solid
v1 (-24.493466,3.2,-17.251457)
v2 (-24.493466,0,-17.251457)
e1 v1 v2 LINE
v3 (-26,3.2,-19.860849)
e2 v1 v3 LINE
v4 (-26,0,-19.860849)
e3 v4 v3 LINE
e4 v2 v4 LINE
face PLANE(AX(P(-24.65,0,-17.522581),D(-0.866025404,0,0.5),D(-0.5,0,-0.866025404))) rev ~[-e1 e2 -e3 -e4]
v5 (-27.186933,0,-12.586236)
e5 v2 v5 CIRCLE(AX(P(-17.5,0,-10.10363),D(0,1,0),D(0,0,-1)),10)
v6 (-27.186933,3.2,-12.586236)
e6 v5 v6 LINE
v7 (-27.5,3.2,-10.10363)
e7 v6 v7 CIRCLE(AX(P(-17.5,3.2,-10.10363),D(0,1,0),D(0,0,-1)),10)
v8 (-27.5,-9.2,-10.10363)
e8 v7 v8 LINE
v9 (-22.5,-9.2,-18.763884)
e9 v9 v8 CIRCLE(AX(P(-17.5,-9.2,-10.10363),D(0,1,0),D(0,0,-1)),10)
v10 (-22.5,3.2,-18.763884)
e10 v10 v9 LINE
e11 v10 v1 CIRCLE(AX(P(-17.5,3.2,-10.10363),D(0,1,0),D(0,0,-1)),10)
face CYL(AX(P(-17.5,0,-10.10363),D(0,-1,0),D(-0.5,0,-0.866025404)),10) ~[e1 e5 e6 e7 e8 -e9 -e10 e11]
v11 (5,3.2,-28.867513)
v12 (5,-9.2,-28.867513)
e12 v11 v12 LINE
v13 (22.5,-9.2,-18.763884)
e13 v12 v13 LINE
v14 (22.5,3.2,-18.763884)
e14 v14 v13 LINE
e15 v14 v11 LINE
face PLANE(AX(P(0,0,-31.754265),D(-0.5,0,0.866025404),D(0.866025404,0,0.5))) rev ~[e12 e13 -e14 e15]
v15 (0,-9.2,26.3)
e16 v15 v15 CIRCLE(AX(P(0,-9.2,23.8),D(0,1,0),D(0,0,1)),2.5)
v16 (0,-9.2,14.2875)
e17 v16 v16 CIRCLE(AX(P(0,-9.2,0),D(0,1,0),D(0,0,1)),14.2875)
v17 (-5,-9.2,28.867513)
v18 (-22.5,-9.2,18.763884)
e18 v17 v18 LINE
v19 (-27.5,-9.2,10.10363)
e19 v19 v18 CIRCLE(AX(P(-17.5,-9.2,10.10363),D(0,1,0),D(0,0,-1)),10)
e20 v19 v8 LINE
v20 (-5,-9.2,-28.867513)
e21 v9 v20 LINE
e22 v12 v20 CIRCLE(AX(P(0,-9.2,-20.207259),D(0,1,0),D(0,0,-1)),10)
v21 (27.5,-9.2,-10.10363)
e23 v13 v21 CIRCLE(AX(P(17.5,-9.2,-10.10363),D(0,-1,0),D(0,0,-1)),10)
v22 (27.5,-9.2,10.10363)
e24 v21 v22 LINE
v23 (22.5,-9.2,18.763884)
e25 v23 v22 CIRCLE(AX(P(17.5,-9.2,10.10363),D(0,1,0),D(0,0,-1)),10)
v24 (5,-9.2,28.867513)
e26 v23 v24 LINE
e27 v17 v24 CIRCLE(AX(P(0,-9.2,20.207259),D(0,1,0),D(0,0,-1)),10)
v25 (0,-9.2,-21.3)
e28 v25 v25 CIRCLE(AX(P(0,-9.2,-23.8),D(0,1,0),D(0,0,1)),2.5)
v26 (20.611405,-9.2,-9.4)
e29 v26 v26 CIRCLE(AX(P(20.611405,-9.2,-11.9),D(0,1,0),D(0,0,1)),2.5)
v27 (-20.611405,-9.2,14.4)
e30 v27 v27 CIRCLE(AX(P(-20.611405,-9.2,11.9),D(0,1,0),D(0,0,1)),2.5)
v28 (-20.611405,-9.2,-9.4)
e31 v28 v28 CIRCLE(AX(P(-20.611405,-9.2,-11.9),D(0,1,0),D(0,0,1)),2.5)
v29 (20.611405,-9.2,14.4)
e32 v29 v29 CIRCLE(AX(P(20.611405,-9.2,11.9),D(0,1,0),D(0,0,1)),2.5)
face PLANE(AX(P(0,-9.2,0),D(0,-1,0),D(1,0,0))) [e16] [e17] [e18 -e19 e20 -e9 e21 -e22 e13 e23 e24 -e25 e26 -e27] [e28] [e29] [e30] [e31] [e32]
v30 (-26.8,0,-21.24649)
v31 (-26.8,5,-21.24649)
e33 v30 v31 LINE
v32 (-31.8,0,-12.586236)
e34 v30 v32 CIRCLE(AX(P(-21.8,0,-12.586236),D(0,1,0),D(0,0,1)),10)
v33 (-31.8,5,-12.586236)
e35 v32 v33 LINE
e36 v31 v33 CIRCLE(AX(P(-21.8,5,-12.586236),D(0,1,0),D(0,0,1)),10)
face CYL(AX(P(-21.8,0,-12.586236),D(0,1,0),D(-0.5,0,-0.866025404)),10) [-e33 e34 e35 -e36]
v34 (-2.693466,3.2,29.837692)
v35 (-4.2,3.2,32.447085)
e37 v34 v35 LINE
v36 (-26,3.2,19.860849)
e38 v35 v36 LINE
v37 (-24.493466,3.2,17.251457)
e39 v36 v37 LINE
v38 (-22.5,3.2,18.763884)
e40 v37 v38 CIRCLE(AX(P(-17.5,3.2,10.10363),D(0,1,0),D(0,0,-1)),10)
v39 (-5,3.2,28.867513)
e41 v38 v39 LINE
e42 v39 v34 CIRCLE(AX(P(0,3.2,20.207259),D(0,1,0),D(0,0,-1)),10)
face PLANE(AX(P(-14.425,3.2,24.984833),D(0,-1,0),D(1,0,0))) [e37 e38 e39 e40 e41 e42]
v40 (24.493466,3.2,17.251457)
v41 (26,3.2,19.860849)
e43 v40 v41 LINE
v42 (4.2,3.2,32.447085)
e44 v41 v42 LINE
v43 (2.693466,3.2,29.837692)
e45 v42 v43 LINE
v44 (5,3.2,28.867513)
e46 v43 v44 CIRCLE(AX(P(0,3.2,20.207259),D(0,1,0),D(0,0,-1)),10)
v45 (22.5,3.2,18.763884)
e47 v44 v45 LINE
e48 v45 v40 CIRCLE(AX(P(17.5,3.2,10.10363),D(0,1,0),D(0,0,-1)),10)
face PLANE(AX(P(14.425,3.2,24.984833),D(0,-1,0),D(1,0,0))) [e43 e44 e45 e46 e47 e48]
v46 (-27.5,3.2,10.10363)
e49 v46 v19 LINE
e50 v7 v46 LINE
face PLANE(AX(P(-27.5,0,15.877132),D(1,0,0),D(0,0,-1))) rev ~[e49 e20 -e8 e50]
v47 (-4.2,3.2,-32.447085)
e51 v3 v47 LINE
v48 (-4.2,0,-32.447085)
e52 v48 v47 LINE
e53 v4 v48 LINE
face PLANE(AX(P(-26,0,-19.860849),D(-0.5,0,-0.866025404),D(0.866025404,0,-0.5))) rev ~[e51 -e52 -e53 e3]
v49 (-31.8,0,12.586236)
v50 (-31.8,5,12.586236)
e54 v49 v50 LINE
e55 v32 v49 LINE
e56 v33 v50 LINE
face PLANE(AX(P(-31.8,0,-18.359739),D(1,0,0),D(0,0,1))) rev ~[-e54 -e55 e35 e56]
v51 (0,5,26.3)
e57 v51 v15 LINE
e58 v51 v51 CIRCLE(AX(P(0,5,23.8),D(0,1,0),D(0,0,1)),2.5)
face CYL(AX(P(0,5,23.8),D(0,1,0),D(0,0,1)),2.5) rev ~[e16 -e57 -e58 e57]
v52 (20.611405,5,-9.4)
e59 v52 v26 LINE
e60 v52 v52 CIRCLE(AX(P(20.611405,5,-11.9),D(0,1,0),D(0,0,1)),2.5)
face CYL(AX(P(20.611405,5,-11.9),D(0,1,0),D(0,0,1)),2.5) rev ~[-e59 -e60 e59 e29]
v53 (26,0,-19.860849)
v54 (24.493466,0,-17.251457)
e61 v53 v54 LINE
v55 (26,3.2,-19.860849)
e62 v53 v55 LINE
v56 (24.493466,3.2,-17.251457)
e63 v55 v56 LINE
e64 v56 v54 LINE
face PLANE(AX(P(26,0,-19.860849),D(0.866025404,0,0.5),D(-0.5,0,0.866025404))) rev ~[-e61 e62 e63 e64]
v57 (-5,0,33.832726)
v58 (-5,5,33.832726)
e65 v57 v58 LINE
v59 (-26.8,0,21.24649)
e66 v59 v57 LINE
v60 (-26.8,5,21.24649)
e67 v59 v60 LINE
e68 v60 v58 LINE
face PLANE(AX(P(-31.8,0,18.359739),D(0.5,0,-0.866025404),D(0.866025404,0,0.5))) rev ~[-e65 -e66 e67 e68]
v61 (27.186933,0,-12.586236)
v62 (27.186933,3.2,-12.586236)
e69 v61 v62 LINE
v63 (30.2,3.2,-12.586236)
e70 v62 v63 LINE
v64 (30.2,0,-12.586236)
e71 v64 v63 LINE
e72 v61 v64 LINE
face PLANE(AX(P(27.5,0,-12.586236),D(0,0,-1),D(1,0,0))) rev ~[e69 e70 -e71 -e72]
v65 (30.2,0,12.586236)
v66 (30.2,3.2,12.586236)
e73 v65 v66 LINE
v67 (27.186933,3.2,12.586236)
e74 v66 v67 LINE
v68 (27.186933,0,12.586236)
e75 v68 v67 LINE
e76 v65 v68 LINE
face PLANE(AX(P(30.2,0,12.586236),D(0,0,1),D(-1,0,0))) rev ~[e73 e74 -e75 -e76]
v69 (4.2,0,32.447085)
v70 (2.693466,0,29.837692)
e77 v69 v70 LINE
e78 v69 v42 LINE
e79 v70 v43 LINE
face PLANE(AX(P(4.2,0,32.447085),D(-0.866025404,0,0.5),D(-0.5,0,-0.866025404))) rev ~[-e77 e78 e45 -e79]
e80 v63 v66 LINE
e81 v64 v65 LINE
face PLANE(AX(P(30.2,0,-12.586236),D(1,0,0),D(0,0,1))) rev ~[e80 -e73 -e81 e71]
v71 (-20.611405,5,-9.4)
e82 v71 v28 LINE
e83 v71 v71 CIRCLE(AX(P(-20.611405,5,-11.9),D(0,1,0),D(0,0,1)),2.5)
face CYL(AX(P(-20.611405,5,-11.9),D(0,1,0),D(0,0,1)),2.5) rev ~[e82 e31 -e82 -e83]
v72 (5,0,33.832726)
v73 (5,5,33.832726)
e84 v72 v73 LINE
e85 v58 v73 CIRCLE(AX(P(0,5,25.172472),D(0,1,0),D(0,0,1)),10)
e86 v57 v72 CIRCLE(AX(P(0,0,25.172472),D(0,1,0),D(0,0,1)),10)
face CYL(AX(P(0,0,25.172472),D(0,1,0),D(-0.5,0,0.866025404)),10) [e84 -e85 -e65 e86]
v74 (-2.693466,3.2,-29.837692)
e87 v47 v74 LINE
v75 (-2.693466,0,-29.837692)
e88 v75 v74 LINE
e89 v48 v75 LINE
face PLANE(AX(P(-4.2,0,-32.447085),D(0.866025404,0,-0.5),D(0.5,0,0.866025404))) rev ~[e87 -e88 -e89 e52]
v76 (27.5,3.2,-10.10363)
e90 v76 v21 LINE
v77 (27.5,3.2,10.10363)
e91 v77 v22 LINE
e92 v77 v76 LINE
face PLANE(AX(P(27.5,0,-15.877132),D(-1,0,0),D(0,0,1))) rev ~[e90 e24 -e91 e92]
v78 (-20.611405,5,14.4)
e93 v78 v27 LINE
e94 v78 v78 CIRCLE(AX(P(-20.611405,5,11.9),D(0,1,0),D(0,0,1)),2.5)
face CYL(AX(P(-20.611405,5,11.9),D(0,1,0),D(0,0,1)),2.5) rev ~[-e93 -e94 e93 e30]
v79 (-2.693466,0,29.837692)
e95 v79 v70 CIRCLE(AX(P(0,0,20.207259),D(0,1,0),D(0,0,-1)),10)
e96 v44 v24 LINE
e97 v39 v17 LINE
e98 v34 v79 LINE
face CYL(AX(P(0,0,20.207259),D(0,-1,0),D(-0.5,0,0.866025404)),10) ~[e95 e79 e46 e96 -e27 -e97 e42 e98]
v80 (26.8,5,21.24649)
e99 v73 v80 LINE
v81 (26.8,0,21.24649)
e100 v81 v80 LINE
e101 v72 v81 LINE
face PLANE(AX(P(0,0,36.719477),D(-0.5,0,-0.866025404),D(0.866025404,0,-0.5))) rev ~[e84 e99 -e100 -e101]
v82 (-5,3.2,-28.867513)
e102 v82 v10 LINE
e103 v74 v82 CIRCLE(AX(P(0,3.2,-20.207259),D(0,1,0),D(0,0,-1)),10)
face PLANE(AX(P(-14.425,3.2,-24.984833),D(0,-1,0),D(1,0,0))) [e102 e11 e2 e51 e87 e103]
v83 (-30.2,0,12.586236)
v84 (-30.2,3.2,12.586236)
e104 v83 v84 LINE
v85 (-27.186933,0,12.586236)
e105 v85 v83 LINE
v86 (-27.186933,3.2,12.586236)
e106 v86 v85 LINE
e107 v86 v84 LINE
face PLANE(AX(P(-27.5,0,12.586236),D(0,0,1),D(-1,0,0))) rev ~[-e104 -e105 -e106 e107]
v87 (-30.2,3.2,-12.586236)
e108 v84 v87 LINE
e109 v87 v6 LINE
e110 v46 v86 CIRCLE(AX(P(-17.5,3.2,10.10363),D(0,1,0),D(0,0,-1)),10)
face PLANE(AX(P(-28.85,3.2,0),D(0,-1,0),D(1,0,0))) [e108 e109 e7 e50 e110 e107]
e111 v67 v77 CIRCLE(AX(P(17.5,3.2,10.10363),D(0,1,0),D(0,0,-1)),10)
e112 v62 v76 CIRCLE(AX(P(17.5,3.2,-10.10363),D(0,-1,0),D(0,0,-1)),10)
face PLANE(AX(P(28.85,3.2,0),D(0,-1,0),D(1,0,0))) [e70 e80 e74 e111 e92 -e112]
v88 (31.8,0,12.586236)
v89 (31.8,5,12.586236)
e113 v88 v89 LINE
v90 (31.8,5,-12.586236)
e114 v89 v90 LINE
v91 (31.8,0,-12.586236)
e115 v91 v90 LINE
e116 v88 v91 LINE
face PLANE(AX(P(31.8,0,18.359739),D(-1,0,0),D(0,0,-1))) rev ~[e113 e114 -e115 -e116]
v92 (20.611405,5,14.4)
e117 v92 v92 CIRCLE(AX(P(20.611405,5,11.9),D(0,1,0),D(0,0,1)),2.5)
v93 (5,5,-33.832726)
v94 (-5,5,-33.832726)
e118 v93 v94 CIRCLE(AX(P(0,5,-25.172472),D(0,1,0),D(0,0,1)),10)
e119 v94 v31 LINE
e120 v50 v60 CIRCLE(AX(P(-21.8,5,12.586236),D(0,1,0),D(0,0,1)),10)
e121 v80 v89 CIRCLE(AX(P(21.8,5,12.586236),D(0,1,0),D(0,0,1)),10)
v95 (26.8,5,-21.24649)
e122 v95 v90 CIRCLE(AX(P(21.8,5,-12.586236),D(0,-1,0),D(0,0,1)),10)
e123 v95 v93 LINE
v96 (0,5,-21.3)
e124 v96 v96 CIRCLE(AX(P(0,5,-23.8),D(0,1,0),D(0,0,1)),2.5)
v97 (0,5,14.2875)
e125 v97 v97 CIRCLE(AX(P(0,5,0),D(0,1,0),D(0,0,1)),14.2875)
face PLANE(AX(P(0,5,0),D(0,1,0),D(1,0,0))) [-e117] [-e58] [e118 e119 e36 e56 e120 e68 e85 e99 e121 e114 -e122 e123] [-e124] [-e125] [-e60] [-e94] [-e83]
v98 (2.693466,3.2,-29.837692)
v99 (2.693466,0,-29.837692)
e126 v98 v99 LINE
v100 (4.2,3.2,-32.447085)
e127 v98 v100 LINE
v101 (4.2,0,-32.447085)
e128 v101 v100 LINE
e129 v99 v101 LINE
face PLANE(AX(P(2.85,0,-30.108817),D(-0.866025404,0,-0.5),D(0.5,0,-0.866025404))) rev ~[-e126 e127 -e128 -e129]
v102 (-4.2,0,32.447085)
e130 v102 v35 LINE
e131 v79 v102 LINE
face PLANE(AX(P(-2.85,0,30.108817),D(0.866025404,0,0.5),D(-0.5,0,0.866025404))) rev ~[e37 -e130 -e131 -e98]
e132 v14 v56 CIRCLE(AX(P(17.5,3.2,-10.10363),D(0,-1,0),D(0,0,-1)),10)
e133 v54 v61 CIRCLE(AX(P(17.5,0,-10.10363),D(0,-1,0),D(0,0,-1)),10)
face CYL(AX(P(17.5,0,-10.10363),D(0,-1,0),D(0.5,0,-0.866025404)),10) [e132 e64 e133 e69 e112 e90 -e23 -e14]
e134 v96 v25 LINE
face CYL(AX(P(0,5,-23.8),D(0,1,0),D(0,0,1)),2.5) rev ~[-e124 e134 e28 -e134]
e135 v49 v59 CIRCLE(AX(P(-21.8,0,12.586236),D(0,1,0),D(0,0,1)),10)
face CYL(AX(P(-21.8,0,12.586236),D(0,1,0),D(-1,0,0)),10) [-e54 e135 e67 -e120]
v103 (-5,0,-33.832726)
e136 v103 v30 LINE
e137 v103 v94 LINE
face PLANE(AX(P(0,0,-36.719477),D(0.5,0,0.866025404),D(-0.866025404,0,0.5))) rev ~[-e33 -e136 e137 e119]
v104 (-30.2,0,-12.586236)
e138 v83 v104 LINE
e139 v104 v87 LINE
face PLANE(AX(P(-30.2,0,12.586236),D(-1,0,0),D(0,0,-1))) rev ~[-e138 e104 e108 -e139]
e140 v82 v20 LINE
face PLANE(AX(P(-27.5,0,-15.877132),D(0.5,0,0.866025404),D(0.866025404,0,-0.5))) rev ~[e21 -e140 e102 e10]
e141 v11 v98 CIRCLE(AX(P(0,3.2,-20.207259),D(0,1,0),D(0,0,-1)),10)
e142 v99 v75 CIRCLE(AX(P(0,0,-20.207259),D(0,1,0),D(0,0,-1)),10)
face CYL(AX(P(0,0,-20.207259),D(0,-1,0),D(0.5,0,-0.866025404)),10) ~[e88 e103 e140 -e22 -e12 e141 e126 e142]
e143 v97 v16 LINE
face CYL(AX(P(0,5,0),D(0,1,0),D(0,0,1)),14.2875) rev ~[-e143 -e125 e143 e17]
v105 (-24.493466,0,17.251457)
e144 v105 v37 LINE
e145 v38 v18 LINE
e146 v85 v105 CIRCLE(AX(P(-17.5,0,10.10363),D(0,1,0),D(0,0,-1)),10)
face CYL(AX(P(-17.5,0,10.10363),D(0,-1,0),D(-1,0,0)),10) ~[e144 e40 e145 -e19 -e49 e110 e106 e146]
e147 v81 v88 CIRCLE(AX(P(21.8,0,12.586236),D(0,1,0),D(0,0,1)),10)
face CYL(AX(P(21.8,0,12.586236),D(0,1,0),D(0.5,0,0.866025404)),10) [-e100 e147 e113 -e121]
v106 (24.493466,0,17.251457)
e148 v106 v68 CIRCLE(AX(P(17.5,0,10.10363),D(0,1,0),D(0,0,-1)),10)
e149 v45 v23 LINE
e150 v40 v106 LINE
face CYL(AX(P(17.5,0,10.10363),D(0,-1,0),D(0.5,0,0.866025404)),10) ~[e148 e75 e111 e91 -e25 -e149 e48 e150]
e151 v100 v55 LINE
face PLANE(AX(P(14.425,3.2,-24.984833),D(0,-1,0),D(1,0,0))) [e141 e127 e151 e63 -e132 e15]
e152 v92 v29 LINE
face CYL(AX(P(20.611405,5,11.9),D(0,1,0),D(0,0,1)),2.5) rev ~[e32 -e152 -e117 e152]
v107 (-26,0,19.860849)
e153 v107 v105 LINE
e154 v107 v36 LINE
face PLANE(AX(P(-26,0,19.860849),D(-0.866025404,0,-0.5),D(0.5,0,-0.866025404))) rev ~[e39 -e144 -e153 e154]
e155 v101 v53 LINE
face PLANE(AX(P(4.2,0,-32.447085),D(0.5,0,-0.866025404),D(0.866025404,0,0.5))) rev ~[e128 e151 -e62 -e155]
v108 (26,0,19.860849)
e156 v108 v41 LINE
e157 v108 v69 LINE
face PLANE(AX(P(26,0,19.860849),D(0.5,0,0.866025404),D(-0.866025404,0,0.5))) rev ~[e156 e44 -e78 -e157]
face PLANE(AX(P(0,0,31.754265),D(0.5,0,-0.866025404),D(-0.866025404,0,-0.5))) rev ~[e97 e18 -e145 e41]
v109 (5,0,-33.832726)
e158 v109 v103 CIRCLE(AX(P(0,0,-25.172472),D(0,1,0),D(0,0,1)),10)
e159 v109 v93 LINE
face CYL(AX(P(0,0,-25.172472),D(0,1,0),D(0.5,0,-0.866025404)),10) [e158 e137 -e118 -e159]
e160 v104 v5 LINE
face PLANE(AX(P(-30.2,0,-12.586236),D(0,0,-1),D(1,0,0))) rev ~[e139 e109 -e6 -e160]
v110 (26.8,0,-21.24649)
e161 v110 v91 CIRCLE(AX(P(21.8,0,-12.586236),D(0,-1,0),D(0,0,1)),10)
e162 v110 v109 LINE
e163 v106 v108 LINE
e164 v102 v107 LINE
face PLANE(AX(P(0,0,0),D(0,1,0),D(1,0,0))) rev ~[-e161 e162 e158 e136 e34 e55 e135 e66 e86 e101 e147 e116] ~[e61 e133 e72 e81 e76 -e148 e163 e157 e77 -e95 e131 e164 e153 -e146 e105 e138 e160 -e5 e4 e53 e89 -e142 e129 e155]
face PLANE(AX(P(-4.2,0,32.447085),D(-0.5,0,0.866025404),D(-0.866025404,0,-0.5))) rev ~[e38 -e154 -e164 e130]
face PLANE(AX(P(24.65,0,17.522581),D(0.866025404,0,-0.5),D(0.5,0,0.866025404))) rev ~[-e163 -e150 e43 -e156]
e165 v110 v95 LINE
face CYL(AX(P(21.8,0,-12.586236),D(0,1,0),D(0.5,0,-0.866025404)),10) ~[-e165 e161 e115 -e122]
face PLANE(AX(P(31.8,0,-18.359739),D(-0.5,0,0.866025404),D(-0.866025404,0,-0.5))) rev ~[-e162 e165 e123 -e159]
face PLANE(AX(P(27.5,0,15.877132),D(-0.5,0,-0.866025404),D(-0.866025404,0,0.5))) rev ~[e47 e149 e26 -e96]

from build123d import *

# Parameters (mm, degrees)
BOSS_EXTRUDE1_DEPTH = 5
FILLET1_R           = 10
BOSS_EXTRUDE2_DEPTH = 9.2
CUT_EXTRUDE1_DEPTH  = 3.2
SKETCH2_R           = 2.4999999999999996
SKETCH2_R_2         = 2.500000000000053
SKETCH2_R_3         = 2.5000000000000964
SKETCH2_R_4         = 2.5000000000000018
SKETCH2_R_5         = 2.4999999999999947
SKETCH2_R_6         = 14.287500000000001
CUT_EXTRUDE2_DEPTH  = 50.49730061393943
FILLET2_R           = 10


with BuildPart() as part:
    # Sketch1 → Boss-Extrude1 (new body)
    with BuildSketch(Plane(origin=(0, 0, 0), x_dir=(1, 0, 0), z_dir=(0, 1, 0))):
        Polygon((31.8, 18.359738560230117), (-9.39e-15, 36.719477120460205), (-31.799999999999994, 18.359738560230117), (-31.799999999999986, -18.359738560230095), (2.025e-14, -36.719477120460205), (31.800000000000008, -18.35973856023011), align=None)
    extrude(amount=BOSS_EXTRUDE1_DEPTH)

    # Fillet1
    fillet1_edges = [part.edges().sort_by_distance(p)[0] for p in [
        (31.800000000000008, 2.5, 18.35973856023011),
        (2.025e-14, 2.5, 36.719477120460205),
        (-31.799999999999986, 2.5, 18.359738560230095),
        (-31.799999999999994, 2.5, -18.359738560230117),
        (-9.39e-15, 2.5, -36.719477120460205),
        (31.8, 2.5, -18.359738560230117),
    ]]
    fillet(fillet1_edges, radius=FILLET1_R)

    # Sketch3 → Boss-Extrude2 (add)
    with BuildSketch(Plane.XZ):
        Polygon((27.499999999999996, 15.877132402714718), (9.57e-15, 31.754264805429415), (-27.500000000000004, 15.877132402714711), (-27.499999999999996, -15.877132402714711), (1.826e-14, -31.754264805429422), (27.50000000000001, -15.877132402714718), align=None)
    extrude(amount=BOSS_EXTRUDE2_DEPTH)

    # Sketch4 → Cut-Extrude1 (cut)
    with BuildSketch(Plane.XZ):
        Polygon((2.8499999999999854, -30.108816538239008), (4.199999999999984, -32.44708512845699), (26.000000000000007, -19.86084926012314), (24.650000000000006, -17.522580669905157), align=None)
        Polygon((-25.999999999999996, -19.860849260123146), (-4.200000000000003, -32.447085128456976), (-2.8499999999999983, -30.108816538238976), (-24.649999999999988, -17.52258066990515), align=None)
        Polygon((27.499999999999996, -12.586235868333851), (30.200000000000003, -12.586235868333851), (30.200000000000006, 12.586235868333848), (27.499999999999996, 12.586235868333848), align=None)
        Polygon((24.650000000000006, 17.522580669905146), (26.00000000000001, 19.860849260123135), (4.200000000000031, 32.44708512845697), (2.8500000000000263, 30.108816538238973), align=None)
        Polygon((-30.19999999999999, 12.58623586833384), (-30.199999999999996, -12.586235868333855), (-27.5, -12.58623586833386), (-27.500000000000004, 12.58623586833384), align=None)
        Polygon((-4.199999999999982, 32.44708512845697), (-25.99999999999999, 19.860849260123125), (-24.64999999999999, 17.52258066990515), (-2.849999999999986, 30.108816538238987), align=None)
    extrude(amount=-CUT_EXTRUDE1_DEPTH, mode=Mode.SUBTRACT)

    # Sketch2 → Cut-Extrude2 (cut, through all)
    with BuildSketch(Plane(origin=(0, 5, 0), x_dir=(1, 0, 0), z_dir=(0, 1, 0))):
        with Locations(Location((1.561e-14, 23.799999999999994, 0), (0, 0, 270))):
            Circle(SKETCH2_R)
        with Locations(Location((20.61140461006965, 11.899999999999997, 0), (0, 0, 270))):
            Circle(SKETCH2_R_2)
        with Locations(Location((20.61140461006965, -11.899999999999993, 0), (0, 0, 270))):
            Circle(SKETCH2_R_3)
        with Locations(Location((-1.561e-14, -23.800000000000015, 0), (0, 0, 270))):
            Circle(SKETCH2_R_4)
        with Locations(Location((-20.61140461006965, -11.899999999999993, 0), (0, 0, 270))):
            Circle(SKETCH2_R_5)
        with Locations(Location((-20.611404610069634, 11.899999999999999, 0), (0, 0, 270))):
            Circle(SKETCH2_R_5)
        with Locations(Location((0, 0, 0), (0, 0, 270))):
            Circle(SKETCH2_R_6)
    extrude(amount=-CUT_EXTRUDE2_DEPTH, mode=Mode.SUBTRACT)

    # Fillet2
    fillet2_edges = [part.edges().sort_by_distance(p)[0] for p in [
        (27.499999999999996, -4.6, 15.877132402714718),
        (9.57e-15, -4.6, 31.754264805429415),
        (-27.500000000000004, -4.6, 15.877132402714711),
        (-27.499999999999996, -4.6, -15.877132402714711),
        (27.50000000000001, -4.6, -15.877132402714718),
        (1.826e-14, -4.6, -31.754264805429422),
    ]]
    fillet(fillet2_edges, radius=FILLET2_R)


solid = part.part
